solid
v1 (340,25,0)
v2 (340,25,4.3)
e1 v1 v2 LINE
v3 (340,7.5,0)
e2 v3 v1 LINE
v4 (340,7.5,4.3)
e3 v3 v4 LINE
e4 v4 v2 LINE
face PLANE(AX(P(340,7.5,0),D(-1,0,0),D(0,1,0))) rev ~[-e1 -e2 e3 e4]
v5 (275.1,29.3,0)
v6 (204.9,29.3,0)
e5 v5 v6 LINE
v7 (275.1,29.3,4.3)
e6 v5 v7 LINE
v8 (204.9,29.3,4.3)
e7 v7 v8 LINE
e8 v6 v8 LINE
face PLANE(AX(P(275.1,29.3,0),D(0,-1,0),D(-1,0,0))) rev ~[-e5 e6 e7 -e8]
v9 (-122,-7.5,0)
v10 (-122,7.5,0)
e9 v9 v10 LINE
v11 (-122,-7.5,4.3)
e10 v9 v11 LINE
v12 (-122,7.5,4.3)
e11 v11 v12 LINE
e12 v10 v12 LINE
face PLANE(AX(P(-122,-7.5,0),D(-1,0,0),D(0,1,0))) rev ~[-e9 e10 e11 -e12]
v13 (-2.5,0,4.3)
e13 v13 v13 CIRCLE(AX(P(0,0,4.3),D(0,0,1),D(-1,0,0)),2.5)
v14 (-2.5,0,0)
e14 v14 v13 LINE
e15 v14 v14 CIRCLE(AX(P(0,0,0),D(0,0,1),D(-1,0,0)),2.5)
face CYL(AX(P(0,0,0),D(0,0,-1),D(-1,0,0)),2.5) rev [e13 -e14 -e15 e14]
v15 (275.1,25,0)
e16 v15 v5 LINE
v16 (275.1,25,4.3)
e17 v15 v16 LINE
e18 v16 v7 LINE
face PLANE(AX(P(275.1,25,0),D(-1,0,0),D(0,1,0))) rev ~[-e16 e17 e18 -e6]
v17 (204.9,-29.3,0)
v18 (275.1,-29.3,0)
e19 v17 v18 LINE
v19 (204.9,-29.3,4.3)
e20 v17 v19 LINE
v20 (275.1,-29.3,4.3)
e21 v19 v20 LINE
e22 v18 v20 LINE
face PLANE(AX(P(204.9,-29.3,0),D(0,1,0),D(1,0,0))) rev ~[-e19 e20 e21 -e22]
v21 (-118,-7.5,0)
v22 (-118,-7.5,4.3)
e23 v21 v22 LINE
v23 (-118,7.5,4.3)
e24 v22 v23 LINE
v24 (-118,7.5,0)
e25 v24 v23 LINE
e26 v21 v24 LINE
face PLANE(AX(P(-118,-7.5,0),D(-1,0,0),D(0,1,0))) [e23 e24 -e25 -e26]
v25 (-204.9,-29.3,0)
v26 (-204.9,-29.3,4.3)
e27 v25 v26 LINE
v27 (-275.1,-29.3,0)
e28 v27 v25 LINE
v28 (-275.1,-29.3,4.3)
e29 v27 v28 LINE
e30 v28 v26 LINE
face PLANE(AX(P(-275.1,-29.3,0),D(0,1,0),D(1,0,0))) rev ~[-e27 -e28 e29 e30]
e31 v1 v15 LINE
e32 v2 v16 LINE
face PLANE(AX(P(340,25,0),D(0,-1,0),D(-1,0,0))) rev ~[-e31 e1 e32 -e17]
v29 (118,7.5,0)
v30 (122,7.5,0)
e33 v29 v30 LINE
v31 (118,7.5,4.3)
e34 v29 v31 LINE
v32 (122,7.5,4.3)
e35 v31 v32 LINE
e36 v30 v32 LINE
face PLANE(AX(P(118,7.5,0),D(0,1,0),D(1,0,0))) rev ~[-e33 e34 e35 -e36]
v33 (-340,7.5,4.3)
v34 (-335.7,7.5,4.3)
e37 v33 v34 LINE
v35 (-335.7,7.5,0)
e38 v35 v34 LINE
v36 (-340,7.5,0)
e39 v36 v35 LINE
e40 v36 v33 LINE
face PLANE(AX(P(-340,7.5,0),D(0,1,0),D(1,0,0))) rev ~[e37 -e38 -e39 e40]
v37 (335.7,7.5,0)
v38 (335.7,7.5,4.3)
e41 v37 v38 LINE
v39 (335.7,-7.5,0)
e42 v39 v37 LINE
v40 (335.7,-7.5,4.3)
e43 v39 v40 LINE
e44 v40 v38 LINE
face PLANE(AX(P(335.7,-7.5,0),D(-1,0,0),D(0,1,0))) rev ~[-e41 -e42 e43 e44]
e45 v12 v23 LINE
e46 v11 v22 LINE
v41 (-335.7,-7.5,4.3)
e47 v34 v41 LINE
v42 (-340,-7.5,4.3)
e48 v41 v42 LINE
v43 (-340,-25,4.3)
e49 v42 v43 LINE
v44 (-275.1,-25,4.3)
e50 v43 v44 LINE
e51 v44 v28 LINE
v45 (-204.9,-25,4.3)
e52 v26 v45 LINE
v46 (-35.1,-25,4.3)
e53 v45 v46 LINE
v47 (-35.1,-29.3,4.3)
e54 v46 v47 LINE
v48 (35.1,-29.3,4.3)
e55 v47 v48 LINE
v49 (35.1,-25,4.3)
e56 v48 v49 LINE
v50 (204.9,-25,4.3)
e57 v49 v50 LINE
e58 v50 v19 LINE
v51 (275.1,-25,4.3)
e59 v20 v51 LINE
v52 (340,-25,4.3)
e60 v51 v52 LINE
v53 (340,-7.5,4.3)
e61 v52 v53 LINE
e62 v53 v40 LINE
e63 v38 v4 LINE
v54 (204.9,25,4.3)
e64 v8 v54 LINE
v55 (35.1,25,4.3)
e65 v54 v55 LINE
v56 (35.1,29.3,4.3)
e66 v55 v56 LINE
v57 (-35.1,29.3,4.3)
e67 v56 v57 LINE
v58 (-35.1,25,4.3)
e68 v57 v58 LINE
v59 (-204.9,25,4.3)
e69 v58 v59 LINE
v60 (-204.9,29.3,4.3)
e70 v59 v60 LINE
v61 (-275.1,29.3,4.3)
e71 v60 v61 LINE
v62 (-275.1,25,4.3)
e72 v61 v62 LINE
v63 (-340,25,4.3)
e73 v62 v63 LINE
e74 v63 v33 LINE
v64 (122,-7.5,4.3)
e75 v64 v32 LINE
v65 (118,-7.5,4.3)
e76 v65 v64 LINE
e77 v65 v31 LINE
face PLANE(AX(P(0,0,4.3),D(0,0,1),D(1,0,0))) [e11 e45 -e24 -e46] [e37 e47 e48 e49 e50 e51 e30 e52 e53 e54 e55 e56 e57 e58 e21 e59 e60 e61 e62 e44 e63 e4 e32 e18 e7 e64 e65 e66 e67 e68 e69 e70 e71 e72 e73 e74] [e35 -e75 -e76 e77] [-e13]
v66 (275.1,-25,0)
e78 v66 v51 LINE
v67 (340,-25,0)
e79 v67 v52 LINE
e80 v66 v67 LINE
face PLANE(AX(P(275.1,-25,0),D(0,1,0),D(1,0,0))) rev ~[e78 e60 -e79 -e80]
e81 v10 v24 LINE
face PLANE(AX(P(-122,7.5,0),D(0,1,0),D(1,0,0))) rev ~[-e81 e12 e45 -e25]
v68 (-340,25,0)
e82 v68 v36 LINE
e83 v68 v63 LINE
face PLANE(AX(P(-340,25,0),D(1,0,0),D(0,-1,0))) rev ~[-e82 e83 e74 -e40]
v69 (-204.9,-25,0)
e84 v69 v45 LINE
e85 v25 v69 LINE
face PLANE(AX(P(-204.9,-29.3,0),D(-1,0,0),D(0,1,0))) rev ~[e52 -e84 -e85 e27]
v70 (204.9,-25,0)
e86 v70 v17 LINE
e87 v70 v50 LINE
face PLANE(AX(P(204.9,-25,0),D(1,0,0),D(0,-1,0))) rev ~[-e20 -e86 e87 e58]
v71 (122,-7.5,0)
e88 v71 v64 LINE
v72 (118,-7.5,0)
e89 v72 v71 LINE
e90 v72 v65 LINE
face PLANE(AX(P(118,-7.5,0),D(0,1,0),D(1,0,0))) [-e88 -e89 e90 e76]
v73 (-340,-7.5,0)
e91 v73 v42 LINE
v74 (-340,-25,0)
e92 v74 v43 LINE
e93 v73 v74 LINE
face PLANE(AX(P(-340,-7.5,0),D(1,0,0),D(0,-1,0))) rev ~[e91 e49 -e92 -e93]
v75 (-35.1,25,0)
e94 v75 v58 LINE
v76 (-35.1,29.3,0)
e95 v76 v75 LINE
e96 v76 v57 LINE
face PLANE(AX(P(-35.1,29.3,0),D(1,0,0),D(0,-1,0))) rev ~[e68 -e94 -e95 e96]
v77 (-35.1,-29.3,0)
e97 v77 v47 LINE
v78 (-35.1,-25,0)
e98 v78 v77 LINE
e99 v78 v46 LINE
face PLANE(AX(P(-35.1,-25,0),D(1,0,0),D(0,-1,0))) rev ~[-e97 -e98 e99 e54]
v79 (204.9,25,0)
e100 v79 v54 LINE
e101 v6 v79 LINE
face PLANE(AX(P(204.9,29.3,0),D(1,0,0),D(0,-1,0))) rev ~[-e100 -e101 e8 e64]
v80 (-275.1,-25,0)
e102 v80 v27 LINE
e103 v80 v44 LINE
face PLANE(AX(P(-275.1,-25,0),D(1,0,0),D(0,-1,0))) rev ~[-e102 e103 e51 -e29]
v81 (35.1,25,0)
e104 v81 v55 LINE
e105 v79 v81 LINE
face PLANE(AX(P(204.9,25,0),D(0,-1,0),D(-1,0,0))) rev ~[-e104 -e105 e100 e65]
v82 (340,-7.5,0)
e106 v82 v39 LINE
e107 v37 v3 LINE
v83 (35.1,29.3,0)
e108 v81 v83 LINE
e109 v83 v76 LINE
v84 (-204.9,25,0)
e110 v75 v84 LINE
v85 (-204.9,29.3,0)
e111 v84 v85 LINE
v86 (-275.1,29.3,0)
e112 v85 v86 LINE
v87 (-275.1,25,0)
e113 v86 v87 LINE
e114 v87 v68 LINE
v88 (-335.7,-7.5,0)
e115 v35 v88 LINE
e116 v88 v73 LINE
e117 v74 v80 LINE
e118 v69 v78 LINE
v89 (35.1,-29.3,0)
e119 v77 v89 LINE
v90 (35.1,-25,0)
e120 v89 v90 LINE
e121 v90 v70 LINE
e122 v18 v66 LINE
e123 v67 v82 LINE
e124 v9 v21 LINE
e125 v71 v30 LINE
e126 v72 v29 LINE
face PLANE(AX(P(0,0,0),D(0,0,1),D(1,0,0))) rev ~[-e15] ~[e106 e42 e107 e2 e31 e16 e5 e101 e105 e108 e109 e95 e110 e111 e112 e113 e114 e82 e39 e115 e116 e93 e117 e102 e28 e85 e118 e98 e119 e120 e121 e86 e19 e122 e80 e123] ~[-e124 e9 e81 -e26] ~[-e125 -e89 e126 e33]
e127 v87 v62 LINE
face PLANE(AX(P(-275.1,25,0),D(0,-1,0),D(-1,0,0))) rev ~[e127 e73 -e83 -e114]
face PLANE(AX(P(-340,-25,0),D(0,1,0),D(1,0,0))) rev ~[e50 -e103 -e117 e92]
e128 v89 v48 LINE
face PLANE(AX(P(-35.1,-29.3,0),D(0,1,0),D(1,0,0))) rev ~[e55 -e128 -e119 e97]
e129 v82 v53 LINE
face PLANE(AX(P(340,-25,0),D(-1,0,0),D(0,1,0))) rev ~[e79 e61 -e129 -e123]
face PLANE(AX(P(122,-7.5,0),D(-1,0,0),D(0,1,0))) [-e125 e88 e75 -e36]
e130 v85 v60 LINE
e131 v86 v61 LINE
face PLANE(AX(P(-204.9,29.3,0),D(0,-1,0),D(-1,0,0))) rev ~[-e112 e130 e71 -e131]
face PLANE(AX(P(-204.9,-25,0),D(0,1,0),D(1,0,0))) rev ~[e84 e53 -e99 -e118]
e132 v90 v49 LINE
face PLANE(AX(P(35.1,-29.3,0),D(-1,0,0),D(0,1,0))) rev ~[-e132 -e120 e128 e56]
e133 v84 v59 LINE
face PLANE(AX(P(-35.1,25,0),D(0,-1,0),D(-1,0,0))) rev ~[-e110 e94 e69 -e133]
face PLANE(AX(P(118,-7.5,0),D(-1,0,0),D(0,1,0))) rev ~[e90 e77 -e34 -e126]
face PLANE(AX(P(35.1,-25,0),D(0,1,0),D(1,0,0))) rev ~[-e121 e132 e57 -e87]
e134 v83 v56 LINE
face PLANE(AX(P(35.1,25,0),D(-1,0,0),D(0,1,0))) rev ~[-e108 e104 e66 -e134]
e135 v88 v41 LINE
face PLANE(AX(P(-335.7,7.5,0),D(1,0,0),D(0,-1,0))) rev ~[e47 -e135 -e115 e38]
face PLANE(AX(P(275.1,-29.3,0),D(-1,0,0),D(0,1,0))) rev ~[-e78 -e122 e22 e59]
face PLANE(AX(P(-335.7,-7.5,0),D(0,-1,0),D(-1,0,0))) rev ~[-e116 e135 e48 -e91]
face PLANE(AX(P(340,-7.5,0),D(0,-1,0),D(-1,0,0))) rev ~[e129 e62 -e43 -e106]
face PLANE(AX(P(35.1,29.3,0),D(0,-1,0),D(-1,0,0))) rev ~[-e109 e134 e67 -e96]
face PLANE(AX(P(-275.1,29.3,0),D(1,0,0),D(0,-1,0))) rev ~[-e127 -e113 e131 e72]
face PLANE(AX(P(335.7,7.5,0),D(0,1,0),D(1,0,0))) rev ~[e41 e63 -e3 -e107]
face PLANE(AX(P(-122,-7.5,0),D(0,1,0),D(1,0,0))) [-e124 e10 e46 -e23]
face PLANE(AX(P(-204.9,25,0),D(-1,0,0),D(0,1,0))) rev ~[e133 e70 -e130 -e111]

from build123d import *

# Parameters (mm, degrees)
SKETCH1_R           = 2.5
SKETCH1_W           = 4
SKETCH1_H           = 15
BOSS_EXTRUDE1_DEPTH = 4.3


with BuildPart() as part:
    # Sketch1 → Boss-Extrude1 (new body)
    with BuildSketch(Plane.XY):
        Polygon((-340, -25), (-275.1, -25), (-275.1, -29.3), (-204.9, -29.3), (-204.9, -25), (-35.1, -25), (-35.1, -29.3), (35.1, -29.3), (35.1, -25), (204.9, -25), (204.9, -29.3), (275.1, -29.3), (275.1, -25), (340, -25), (340, -7.5), (335.7, -7.5), (335.7, 7.5), (340, 7.5), (340, 25), (275.1, 25), (275.1, 29.3), (204.9, 29.3), (204.9, 25), (35.1, 25), (35.1, 29.3), (-35.1, 29.3), (-35.1, 25), (-204.9, 25), (-204.9, 29.3), (-275.1, 29.3), (-275.1, 25), (-340, 25), (-340, 7.5), (-335.7, 7.5), (-335.7, -7.5), (-340, -7.5), align=None)
        with Locations(Location((0, 0, 0), (0, 0, 180))):
            Circle(SKETCH1_R, mode=Mode.SUBTRACT)
        with Locations((120, 0)):
            Rectangle(SKETCH1_W, SKETCH1_H, mode=Mode.SUBTRACT)
        with Locations((-120, 0)):
            Rectangle(SKETCH1_W, SKETCH1_H, mode=Mode.SUBTRACT)
    extrude(amount=BOSS_EXTRUDE1_DEPTH)


solid = part.part
